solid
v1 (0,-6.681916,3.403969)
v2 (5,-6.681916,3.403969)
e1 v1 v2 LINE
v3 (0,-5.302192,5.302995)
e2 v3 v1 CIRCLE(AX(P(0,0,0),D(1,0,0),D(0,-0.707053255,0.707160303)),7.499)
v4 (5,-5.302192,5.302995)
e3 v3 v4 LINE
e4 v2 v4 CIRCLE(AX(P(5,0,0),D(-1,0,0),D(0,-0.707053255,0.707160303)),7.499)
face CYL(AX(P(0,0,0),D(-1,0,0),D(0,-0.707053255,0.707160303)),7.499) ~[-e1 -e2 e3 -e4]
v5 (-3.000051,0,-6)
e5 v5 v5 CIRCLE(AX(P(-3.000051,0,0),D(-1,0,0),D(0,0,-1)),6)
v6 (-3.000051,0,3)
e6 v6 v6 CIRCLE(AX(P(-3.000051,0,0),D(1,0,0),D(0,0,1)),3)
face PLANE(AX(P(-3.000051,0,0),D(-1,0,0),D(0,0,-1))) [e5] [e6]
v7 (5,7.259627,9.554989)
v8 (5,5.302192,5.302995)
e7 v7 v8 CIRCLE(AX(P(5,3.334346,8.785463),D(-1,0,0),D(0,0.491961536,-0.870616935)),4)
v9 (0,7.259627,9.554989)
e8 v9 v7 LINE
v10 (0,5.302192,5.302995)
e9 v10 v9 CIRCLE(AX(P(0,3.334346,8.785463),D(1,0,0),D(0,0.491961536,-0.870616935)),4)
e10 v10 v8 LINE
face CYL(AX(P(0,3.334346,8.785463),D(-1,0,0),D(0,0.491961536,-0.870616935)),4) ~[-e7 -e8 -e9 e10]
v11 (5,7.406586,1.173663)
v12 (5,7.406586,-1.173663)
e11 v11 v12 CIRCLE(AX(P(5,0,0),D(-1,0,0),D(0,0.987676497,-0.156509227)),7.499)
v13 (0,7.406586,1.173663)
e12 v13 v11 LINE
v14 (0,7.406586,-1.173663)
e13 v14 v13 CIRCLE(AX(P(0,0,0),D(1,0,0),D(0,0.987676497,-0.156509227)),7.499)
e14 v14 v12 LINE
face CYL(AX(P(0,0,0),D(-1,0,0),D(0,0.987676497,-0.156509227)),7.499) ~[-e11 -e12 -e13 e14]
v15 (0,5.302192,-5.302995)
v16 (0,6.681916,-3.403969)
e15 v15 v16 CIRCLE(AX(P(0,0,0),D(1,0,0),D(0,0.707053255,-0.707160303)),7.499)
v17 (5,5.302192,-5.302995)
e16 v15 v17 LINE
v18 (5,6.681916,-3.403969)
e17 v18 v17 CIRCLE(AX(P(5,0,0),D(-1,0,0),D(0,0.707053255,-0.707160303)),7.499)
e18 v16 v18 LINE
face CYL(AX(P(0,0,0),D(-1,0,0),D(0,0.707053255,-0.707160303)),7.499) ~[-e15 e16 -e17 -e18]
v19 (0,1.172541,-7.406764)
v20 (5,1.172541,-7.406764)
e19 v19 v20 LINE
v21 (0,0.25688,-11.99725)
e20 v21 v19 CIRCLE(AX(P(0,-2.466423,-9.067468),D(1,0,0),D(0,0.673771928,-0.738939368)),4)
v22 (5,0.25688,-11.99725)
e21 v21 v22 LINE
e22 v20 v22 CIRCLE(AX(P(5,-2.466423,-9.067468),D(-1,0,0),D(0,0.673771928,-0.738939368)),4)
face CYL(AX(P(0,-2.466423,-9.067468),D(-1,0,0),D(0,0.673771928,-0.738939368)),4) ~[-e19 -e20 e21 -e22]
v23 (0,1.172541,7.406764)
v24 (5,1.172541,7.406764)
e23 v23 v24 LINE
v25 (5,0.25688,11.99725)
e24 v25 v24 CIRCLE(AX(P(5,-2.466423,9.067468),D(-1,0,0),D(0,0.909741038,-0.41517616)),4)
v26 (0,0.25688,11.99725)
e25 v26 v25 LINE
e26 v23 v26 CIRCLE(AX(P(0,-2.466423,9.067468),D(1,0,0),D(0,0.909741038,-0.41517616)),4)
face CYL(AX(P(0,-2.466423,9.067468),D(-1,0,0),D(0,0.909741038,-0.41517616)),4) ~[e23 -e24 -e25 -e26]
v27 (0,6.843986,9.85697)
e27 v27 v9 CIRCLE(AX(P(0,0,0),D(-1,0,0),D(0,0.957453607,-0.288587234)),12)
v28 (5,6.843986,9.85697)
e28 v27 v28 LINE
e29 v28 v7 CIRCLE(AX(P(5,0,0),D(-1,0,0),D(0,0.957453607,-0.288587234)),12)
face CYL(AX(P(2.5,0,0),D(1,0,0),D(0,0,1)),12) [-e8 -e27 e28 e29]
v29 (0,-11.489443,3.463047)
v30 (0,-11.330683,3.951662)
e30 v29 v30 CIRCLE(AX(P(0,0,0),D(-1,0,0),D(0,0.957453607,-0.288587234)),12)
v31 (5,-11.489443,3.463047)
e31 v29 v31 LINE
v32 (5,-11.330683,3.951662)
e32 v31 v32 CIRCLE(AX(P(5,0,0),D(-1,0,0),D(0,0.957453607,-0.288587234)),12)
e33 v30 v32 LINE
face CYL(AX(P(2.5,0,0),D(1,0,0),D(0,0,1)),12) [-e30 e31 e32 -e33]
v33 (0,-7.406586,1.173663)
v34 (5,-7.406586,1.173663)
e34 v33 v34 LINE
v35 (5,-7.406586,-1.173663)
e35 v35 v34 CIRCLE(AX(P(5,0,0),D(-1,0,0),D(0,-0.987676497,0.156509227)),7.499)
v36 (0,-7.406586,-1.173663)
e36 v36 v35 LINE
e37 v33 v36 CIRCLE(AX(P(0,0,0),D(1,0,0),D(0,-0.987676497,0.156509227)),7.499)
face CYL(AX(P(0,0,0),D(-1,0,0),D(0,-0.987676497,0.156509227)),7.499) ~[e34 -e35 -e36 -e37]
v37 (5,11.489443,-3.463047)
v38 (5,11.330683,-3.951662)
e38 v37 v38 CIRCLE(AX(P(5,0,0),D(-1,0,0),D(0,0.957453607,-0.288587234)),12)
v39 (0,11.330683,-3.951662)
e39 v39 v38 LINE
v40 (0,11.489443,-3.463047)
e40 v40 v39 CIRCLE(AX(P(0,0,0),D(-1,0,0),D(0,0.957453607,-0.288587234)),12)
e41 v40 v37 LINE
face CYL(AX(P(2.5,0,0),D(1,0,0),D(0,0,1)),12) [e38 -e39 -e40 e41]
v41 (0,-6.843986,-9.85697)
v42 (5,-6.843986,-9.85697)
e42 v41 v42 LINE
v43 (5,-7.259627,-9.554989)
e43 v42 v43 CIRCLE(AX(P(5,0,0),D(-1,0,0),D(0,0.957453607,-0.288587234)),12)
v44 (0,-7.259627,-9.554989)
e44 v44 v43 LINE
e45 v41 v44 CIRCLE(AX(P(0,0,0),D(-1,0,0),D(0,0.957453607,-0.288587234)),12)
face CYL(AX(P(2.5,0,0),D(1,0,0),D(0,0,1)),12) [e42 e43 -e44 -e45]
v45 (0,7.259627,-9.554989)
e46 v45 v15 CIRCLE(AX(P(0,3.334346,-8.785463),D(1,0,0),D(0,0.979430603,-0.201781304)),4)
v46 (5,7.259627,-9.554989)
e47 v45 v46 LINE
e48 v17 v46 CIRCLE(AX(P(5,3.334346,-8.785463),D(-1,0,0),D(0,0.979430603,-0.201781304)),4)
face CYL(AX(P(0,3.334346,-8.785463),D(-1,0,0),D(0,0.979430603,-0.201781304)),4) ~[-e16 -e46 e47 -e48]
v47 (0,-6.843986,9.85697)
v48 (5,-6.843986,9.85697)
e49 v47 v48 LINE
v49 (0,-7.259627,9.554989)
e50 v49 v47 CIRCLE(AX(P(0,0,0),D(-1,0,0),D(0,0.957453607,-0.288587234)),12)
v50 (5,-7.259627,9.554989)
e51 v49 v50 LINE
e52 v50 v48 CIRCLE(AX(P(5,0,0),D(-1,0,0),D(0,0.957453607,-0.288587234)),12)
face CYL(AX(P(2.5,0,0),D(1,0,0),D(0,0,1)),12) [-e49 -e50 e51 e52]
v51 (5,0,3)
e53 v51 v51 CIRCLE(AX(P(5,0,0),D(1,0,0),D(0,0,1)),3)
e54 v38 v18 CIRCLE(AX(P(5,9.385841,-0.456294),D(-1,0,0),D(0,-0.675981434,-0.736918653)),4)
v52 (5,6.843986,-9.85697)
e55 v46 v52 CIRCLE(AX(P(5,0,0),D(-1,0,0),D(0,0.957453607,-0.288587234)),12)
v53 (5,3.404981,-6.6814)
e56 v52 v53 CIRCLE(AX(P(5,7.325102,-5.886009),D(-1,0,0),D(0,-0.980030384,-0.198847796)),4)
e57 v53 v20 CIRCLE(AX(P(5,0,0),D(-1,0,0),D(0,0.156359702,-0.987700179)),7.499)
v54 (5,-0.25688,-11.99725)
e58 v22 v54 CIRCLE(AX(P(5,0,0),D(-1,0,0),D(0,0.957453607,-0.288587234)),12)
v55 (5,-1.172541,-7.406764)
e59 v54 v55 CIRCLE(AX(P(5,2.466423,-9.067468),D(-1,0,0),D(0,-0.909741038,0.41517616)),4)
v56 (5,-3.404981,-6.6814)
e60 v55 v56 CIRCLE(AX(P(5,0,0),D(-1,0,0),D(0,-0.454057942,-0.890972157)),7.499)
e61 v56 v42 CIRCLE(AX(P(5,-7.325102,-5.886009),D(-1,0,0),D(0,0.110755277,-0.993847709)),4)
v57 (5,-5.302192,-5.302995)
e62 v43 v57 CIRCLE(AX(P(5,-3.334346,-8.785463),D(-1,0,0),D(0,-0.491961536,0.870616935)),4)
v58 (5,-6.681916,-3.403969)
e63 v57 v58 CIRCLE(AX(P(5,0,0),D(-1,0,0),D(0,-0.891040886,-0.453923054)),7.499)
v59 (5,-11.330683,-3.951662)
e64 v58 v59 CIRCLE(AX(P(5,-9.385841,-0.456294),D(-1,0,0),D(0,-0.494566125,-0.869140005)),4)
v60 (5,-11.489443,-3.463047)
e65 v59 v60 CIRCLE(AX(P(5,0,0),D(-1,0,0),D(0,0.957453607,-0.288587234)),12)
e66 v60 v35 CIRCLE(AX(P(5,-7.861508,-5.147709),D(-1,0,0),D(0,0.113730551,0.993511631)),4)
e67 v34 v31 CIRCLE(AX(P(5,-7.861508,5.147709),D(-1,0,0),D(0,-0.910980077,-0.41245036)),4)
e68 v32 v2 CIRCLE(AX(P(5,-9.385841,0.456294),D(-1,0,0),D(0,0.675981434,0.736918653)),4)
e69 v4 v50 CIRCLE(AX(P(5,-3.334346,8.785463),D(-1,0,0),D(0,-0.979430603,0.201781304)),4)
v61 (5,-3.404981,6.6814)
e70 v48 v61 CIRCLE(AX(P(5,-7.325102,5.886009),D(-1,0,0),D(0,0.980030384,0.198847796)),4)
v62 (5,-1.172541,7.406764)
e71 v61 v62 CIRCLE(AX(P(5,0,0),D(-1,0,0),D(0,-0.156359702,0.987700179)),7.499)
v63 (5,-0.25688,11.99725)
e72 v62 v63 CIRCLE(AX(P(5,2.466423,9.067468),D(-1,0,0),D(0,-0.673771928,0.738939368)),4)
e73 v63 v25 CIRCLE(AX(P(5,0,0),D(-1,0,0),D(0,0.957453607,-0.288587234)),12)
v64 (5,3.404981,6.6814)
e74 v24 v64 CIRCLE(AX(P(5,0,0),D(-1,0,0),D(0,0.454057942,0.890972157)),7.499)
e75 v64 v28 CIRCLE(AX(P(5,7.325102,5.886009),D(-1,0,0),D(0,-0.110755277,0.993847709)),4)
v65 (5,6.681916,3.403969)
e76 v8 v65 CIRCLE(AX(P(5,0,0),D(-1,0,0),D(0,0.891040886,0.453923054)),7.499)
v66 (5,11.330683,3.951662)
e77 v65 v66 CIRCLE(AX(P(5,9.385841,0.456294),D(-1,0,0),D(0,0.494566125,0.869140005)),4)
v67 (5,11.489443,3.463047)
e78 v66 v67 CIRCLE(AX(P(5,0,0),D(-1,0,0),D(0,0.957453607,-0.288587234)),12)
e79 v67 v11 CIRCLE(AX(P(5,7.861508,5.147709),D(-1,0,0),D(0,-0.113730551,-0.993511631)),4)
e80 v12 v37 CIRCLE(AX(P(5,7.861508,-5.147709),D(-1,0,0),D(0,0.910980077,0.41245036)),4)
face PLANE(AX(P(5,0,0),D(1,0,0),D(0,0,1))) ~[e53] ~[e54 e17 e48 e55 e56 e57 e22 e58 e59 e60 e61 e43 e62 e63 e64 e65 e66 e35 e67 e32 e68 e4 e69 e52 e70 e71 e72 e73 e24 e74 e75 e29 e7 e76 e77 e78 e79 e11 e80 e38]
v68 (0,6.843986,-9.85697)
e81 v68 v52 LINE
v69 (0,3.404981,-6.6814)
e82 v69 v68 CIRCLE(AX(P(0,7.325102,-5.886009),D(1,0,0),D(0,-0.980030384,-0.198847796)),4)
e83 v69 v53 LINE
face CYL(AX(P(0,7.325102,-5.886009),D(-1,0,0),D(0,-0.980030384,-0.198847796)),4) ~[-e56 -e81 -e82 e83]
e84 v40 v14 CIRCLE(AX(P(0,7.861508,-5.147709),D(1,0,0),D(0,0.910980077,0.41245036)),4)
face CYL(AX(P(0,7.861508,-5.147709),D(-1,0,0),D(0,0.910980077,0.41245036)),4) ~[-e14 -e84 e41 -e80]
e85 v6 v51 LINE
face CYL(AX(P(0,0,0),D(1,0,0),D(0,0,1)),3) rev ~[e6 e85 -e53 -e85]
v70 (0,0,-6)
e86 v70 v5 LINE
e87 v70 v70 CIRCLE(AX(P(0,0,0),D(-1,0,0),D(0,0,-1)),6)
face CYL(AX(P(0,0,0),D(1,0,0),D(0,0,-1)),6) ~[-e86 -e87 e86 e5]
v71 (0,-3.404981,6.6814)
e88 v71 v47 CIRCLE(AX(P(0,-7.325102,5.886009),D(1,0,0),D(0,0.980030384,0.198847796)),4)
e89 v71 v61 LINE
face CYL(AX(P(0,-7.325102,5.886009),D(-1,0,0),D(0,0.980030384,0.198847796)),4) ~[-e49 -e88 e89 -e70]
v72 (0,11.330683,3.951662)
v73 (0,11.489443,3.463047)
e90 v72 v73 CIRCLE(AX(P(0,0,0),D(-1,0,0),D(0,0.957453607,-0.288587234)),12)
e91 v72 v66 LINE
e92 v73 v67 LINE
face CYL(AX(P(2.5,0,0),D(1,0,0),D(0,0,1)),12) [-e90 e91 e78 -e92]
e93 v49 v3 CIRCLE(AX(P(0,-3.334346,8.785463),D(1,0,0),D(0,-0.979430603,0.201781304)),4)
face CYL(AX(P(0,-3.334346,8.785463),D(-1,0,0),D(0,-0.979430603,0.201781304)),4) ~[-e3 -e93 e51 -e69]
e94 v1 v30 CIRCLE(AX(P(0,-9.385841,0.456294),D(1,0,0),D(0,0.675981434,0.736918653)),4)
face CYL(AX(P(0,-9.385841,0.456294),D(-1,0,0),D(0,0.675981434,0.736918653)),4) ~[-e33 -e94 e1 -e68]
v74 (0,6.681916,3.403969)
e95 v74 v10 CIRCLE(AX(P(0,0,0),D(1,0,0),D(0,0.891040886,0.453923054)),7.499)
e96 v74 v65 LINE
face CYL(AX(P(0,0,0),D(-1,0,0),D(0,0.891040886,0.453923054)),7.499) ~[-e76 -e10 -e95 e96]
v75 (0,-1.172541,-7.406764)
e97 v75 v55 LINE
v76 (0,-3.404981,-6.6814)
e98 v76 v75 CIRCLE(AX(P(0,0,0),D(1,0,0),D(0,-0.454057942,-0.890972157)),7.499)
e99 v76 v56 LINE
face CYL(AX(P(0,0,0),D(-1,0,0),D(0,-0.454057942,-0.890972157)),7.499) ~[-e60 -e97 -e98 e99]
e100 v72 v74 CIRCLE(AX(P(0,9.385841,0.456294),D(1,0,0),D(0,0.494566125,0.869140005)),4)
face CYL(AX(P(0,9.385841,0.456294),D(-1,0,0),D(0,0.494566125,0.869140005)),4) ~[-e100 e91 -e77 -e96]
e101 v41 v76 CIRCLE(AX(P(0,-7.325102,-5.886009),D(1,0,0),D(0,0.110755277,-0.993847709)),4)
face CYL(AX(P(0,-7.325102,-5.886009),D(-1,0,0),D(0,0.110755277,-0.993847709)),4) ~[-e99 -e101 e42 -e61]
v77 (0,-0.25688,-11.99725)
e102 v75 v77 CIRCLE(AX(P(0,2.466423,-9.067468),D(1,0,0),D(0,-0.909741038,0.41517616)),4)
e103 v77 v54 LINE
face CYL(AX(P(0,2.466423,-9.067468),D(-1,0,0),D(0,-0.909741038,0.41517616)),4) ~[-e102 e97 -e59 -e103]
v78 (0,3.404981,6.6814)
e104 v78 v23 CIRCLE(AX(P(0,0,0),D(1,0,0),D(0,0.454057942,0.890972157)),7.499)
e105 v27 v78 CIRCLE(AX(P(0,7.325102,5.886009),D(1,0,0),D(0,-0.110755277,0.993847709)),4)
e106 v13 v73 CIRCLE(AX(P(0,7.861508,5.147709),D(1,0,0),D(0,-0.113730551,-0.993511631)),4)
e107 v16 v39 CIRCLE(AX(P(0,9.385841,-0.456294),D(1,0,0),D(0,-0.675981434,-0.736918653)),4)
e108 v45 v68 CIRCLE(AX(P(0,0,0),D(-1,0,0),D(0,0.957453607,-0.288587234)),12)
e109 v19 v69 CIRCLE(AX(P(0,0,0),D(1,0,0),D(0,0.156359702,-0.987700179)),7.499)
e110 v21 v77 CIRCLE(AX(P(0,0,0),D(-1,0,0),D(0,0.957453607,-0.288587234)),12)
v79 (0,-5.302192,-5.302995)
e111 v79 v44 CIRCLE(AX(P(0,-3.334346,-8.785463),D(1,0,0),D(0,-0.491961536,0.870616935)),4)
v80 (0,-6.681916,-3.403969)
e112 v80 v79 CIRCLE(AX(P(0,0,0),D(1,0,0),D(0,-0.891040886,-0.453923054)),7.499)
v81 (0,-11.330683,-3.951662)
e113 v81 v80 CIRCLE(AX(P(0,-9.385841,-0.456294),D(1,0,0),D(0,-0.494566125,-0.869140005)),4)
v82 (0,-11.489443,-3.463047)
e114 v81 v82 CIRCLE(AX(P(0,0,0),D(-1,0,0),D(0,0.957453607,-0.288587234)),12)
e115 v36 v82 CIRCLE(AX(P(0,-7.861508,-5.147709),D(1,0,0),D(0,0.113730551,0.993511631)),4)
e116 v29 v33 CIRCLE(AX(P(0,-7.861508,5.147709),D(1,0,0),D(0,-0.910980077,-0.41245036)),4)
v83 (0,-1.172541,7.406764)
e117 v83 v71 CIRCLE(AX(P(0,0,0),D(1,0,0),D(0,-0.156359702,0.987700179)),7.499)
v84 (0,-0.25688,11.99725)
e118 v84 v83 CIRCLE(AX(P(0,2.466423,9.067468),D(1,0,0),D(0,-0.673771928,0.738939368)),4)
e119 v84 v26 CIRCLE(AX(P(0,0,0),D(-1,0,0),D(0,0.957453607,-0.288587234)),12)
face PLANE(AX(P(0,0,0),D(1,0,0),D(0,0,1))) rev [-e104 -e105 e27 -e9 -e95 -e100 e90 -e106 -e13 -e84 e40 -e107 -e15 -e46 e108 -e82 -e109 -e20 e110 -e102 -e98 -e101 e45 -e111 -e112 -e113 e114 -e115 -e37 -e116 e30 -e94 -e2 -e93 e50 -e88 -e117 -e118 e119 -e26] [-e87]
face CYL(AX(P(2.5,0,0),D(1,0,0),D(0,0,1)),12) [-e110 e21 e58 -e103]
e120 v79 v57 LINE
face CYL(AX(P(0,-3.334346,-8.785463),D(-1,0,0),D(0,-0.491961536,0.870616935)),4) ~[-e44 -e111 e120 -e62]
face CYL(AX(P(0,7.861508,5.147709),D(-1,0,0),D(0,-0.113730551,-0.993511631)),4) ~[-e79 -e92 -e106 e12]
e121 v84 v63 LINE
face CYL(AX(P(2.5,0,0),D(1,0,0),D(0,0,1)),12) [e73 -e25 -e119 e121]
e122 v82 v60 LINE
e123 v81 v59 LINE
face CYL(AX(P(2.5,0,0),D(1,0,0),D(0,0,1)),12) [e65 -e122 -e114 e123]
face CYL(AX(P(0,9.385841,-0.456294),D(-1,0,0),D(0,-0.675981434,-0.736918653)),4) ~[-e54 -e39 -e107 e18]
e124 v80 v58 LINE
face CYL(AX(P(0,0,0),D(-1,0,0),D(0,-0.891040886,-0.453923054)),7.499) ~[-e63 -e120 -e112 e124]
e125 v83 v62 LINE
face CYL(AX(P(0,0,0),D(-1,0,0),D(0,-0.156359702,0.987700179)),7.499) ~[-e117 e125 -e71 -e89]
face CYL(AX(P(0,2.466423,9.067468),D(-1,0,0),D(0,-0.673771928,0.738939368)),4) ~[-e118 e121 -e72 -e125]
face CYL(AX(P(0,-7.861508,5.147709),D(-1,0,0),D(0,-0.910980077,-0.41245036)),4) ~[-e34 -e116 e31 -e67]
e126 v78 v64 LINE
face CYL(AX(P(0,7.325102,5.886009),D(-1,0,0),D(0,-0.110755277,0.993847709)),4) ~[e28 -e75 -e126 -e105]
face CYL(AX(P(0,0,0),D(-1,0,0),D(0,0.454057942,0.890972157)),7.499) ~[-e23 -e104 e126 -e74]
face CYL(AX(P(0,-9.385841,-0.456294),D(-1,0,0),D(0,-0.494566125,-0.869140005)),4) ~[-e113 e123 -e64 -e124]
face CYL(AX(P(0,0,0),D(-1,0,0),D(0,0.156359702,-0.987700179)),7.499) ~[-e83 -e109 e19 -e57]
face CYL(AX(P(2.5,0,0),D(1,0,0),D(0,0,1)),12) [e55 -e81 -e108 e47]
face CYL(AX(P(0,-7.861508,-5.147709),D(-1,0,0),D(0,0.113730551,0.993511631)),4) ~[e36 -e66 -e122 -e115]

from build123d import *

# Parameters (mm, degrees)
BASPROSKE_W      = 5
BASPROSKE_H      = 12
TOOTHCUT_DEPTH   = 18.691806013
TEETHCUTS_COUNT  = 10
TEETHCUTS_ANGLE  = 324
HUBNEAONESKE_R   = 6
HUBNEARONE_DEPTH = 3.0000508
BORSKE_R         = 3
BORE_DEPTH       = 8.0000508


with BuildPart() as part:
    # BasProSke → Base-Revolve (revolve)
    with BuildSketch(Plane(origin=(0, 0, 0), x_dir=(1, 0, 0), z_dir=(0, 1, 0)), mode=Mode.PRIVATE) as base_revolve_sk:
        with Locations((2.5, 6)):
            Rectangle(BASPROSKE_W, BASPROSKE_H)
    revolve(base_revolve_sk.sketch.rotate(Axis((-10, 0, 0), (1, 0, 0)), 180), axis=Axis((-10, 0, 0), (1, 0, 0)))

    # TooCutSke → ToothCut (cut, through all)
    with BuildSketch(Plane(origin=(0, 0, 0), x_dir=(0, 0, -1), z_dir=(1, 0, 0))):
        with BuildLine():
            ThreePointArc((1.173662691, 7.406586048), (0, 7.499), (-1.173662691, 7.406586048))
            ThreePointArc((-1.173662691, 7.406586048), (-1.668191438, 9.834565786), (-3.497907776, 11.50542856))
            ThreePointArc((-3.497907776, 11.50542856), (0, 12.0254), (3.497907776, 11.50542856))
            ThreePointArc((3.497907776, 11.50542856), (1.668191438, 9.834565786), (1.173662691, 7.406586048))
        make_face()
    toothcut = extrude(amount=TOOTHCUT_DEPTH, mode=Mode.SUBTRACT)

    # TeethCuts: ToothCut ×10 about axis
    teethcuts_axis = Axis((-10, 0, 0), (1, 0, 0))
    for i in range(1, TEETHCUTS_COUNT):
        add(toothcut.rotate(teethcuts_axis, i * TEETHCUTS_ANGLE / (TEETHCUTS_COUNT - 1)), mode=Mode.SUBTRACT)

    # HubNeaOneSke → HubNearOne (add)
    with BuildSketch(Plane.ZY):
        with Locations(Location((0, 0, 0), (0, 0, 180))):
            Circle(HUBNEAONESKE_R)
    extrude(amount=HUBNEARONE_DEPTH)

    # BorSke → Bore (cut, symmetric)
    with BuildSketch(Plane(origin=(0, 0, 0), x_dir=(0, 0, -1), z_dir=(1, 0, 0))):
        with Locations(Location((0, 0, 0), (0, 0, 180))):
            Circle(BORSKE_R)
    extrude(amount=BORE_DEPTH, both=True, mode=Mode.SUBTRACT)


solid = part.part
